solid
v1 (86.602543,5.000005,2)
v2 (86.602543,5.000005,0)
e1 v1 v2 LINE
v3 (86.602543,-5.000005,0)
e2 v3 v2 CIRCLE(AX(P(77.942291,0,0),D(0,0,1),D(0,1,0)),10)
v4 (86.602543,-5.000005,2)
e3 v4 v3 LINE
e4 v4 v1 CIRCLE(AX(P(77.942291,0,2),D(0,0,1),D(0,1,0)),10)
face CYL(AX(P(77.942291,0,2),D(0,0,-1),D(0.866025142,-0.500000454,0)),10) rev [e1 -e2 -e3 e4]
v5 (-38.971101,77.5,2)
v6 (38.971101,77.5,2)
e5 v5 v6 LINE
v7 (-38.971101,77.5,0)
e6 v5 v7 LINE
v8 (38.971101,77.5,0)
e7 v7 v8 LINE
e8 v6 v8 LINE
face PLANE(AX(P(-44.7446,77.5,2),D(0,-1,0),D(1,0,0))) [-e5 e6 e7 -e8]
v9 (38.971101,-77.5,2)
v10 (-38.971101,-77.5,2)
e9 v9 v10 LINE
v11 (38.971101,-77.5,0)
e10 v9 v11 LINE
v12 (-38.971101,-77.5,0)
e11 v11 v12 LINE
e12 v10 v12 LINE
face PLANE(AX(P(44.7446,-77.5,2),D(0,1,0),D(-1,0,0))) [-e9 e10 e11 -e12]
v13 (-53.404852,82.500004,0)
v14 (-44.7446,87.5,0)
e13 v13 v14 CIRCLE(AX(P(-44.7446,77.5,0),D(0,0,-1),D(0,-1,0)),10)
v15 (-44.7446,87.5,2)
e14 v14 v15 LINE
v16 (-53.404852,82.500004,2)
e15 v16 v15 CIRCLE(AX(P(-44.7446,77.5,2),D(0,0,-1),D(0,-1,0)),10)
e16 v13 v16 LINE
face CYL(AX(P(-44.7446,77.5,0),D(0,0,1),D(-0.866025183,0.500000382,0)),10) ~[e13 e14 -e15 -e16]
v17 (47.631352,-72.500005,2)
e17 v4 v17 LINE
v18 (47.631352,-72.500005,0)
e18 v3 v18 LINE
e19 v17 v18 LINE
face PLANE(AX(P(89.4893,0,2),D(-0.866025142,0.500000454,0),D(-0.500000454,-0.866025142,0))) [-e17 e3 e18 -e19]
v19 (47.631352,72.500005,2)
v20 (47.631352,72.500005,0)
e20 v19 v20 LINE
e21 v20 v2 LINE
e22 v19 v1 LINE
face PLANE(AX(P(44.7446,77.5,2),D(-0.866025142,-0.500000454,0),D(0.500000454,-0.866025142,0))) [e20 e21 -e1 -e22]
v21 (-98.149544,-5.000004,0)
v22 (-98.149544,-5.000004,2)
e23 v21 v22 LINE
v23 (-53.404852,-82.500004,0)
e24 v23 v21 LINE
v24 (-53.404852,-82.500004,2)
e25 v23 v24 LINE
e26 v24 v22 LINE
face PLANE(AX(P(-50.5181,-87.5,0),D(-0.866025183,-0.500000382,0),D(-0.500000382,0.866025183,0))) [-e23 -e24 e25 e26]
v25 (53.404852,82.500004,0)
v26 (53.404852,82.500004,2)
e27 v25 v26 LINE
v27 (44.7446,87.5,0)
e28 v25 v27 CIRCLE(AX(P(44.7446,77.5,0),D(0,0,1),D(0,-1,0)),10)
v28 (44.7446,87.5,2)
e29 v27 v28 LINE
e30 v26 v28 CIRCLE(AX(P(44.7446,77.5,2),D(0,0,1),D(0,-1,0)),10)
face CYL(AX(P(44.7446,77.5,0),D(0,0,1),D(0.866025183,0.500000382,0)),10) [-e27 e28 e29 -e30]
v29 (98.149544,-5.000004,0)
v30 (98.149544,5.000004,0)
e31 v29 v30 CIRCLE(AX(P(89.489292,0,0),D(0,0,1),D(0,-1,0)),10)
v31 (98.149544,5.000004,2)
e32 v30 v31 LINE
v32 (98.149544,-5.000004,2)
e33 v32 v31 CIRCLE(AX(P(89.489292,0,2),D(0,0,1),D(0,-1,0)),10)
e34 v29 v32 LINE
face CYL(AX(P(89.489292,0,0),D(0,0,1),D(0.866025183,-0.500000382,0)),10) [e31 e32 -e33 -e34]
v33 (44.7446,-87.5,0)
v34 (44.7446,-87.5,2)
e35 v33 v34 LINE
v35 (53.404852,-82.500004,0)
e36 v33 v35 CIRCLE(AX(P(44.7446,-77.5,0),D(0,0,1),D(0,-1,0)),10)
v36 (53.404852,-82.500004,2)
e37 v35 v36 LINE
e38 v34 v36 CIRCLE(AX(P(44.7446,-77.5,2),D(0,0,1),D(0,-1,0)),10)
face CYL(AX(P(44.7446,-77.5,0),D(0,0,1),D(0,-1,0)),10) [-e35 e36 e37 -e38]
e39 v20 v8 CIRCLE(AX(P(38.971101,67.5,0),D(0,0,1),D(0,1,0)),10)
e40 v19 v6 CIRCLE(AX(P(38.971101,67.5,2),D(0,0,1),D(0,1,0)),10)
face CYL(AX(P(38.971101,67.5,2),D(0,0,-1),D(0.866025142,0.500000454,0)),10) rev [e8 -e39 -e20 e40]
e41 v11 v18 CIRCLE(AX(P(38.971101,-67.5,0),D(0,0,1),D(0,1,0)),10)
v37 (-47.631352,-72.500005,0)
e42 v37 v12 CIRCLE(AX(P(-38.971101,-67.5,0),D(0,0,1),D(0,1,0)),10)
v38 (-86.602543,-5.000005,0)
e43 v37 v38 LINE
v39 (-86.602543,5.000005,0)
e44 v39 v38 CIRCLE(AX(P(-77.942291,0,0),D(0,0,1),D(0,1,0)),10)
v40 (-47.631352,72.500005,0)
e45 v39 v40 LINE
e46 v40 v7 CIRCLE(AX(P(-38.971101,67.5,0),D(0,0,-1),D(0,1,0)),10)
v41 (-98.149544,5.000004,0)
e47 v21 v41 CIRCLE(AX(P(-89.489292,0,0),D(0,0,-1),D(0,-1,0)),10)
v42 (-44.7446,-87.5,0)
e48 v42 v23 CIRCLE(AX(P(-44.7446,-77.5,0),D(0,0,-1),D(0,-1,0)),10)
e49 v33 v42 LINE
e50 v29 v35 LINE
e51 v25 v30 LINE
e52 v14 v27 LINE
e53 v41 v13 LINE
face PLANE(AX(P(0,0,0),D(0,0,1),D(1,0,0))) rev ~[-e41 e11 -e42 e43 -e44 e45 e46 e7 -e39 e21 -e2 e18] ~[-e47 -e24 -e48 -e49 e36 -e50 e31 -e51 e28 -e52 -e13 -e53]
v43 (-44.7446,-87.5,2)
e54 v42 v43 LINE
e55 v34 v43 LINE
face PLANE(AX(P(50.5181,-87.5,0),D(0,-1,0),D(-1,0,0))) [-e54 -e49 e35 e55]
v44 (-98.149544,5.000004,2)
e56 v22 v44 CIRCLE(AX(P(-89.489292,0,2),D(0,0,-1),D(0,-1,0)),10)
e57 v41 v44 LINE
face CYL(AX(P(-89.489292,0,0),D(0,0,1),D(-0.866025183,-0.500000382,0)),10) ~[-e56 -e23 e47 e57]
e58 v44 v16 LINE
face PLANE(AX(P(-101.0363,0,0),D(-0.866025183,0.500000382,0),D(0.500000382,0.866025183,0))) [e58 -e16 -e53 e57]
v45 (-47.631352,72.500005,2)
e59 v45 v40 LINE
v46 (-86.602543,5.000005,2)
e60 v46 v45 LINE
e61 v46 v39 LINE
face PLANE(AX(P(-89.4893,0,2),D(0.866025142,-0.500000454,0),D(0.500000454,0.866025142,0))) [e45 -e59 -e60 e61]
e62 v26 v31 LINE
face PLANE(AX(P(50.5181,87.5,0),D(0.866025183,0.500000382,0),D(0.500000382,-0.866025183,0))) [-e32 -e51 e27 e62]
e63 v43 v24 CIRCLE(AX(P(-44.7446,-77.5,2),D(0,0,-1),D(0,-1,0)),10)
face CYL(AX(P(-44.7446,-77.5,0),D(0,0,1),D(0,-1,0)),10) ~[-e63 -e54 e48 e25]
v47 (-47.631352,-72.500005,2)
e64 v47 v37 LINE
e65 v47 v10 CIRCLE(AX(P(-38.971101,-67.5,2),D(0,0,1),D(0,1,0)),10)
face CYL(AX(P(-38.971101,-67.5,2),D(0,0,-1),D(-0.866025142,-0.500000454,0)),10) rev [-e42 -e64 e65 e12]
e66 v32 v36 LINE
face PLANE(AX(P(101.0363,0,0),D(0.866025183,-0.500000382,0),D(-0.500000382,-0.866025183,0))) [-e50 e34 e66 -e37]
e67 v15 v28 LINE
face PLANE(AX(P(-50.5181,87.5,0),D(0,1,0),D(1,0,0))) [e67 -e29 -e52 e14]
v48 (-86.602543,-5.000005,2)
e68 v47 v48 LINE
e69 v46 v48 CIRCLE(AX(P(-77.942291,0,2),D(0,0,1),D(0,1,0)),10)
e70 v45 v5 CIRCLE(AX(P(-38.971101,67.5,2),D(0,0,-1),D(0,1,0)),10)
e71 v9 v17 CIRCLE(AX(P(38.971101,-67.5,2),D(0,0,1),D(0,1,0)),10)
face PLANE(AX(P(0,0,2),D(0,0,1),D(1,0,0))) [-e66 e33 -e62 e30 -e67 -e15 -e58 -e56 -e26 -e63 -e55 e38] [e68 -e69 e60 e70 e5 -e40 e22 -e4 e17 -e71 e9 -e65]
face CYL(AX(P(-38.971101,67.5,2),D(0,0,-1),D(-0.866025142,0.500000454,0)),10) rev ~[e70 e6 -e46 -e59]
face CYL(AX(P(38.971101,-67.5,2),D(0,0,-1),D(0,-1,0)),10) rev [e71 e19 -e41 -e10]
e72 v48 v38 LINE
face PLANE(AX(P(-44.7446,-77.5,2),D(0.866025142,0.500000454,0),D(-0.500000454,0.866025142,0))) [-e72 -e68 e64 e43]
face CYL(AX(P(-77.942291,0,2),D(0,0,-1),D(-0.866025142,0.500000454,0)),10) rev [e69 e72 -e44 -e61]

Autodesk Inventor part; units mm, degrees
ref_plane "YZ Plane" through (0, 0, 0) normal (1, 0, 0) x (0, 1, 0)
ref_plane "XZ Plane" through (0, 0, 0) normal (0, 1, 0) x (-1, 0, 0)
ref_plane "XY Plane" through (0, 0, 0) normal (0, 0, 1) x (1, 0, 0)
sketch "Sketch1" plane through (0, 0, 0) normal (0, 0, 1) x (1, 0, 0)
  line L0 (50.5181, -87.5) -> (-50.5181, -87.5)
  line L1 (-50.5181, -87.5) -> (-101.0363, 0)
  line L2 (-101.0363, 0) -> (-50.5181, 87.5)
  line L3 (-50.5181, 87.5) -> (50.5181, 87.5)
  line L4 (50.5181, 87.5) -> (101.0363, 0)
  line L5 (101.0363, 0) -> (50.5181, -87.5)
  point P0 (0, 0)
  point P1 (0, 0)
  dimension "d0" = 175
extrude "Extrusion1" add sketch "Sketch1" along normal blind 2
sketch "Sketch7" plane through (0, 0, 2) normal (0, 0, 1) x (1, 0, 0)
  line L0 (-50.5181, -87.5) -> (50.5181, -87.5) projected
  line L1 (50.5181, -87.5) -> (101.0363, 0) projected
  line L2 (101.0363, 0) -> (50.5181, 87.5) projected
  line L3 (50.5181, 87.5) -> (-50.5181, 87.5) projected
  line L4 (-50.5181, 87.5) -> (-101.0363, 0) projected
  line L5 (-101.0363, 0) -> (-50.5181, -87.5) projected
  line L6 (-44.7446, 77.5) -> (44.7446, 77.5)
  line L7 (44.7446, 77.5) -> (89.4893, 0)
  line L8 (89.4893, 0) -> (44.7446, -77.5)
  line L9 (44.7446, -77.5) -> (-44.7446, -77.5)
  line L10 (-44.7446, -77.5) -> (-89.4893, 0)
  line L11 (-89.4893, 0) -> (-44.7446, 77.5)
  dimension "d26" = 10
extrude "Extrusion6" cut sketch "Sketch7" against normal blind 7 contours L6 L7 L8 L9 L10 L11
fillet "Fillet2" radius 10 6 edges at (-89.4893, 0, 1) (-44.7446, -77.5, 1) (44.7446, -77.5, 1) (89.4893, 0, 1) (44.7446, 77.5, 1) (-44.7446, 77.5, 1)
fillet "Fillet3" radius 10 6 edges at (-50.5181, 87.5, 1) (50.5181, 87.5, 1) (101.0363, 0, 1) (50.5181, -87.5, 1) (-50.5181, -87.5, 1) (-101.0363, 0, 1)
properties part number "Cover v1"
